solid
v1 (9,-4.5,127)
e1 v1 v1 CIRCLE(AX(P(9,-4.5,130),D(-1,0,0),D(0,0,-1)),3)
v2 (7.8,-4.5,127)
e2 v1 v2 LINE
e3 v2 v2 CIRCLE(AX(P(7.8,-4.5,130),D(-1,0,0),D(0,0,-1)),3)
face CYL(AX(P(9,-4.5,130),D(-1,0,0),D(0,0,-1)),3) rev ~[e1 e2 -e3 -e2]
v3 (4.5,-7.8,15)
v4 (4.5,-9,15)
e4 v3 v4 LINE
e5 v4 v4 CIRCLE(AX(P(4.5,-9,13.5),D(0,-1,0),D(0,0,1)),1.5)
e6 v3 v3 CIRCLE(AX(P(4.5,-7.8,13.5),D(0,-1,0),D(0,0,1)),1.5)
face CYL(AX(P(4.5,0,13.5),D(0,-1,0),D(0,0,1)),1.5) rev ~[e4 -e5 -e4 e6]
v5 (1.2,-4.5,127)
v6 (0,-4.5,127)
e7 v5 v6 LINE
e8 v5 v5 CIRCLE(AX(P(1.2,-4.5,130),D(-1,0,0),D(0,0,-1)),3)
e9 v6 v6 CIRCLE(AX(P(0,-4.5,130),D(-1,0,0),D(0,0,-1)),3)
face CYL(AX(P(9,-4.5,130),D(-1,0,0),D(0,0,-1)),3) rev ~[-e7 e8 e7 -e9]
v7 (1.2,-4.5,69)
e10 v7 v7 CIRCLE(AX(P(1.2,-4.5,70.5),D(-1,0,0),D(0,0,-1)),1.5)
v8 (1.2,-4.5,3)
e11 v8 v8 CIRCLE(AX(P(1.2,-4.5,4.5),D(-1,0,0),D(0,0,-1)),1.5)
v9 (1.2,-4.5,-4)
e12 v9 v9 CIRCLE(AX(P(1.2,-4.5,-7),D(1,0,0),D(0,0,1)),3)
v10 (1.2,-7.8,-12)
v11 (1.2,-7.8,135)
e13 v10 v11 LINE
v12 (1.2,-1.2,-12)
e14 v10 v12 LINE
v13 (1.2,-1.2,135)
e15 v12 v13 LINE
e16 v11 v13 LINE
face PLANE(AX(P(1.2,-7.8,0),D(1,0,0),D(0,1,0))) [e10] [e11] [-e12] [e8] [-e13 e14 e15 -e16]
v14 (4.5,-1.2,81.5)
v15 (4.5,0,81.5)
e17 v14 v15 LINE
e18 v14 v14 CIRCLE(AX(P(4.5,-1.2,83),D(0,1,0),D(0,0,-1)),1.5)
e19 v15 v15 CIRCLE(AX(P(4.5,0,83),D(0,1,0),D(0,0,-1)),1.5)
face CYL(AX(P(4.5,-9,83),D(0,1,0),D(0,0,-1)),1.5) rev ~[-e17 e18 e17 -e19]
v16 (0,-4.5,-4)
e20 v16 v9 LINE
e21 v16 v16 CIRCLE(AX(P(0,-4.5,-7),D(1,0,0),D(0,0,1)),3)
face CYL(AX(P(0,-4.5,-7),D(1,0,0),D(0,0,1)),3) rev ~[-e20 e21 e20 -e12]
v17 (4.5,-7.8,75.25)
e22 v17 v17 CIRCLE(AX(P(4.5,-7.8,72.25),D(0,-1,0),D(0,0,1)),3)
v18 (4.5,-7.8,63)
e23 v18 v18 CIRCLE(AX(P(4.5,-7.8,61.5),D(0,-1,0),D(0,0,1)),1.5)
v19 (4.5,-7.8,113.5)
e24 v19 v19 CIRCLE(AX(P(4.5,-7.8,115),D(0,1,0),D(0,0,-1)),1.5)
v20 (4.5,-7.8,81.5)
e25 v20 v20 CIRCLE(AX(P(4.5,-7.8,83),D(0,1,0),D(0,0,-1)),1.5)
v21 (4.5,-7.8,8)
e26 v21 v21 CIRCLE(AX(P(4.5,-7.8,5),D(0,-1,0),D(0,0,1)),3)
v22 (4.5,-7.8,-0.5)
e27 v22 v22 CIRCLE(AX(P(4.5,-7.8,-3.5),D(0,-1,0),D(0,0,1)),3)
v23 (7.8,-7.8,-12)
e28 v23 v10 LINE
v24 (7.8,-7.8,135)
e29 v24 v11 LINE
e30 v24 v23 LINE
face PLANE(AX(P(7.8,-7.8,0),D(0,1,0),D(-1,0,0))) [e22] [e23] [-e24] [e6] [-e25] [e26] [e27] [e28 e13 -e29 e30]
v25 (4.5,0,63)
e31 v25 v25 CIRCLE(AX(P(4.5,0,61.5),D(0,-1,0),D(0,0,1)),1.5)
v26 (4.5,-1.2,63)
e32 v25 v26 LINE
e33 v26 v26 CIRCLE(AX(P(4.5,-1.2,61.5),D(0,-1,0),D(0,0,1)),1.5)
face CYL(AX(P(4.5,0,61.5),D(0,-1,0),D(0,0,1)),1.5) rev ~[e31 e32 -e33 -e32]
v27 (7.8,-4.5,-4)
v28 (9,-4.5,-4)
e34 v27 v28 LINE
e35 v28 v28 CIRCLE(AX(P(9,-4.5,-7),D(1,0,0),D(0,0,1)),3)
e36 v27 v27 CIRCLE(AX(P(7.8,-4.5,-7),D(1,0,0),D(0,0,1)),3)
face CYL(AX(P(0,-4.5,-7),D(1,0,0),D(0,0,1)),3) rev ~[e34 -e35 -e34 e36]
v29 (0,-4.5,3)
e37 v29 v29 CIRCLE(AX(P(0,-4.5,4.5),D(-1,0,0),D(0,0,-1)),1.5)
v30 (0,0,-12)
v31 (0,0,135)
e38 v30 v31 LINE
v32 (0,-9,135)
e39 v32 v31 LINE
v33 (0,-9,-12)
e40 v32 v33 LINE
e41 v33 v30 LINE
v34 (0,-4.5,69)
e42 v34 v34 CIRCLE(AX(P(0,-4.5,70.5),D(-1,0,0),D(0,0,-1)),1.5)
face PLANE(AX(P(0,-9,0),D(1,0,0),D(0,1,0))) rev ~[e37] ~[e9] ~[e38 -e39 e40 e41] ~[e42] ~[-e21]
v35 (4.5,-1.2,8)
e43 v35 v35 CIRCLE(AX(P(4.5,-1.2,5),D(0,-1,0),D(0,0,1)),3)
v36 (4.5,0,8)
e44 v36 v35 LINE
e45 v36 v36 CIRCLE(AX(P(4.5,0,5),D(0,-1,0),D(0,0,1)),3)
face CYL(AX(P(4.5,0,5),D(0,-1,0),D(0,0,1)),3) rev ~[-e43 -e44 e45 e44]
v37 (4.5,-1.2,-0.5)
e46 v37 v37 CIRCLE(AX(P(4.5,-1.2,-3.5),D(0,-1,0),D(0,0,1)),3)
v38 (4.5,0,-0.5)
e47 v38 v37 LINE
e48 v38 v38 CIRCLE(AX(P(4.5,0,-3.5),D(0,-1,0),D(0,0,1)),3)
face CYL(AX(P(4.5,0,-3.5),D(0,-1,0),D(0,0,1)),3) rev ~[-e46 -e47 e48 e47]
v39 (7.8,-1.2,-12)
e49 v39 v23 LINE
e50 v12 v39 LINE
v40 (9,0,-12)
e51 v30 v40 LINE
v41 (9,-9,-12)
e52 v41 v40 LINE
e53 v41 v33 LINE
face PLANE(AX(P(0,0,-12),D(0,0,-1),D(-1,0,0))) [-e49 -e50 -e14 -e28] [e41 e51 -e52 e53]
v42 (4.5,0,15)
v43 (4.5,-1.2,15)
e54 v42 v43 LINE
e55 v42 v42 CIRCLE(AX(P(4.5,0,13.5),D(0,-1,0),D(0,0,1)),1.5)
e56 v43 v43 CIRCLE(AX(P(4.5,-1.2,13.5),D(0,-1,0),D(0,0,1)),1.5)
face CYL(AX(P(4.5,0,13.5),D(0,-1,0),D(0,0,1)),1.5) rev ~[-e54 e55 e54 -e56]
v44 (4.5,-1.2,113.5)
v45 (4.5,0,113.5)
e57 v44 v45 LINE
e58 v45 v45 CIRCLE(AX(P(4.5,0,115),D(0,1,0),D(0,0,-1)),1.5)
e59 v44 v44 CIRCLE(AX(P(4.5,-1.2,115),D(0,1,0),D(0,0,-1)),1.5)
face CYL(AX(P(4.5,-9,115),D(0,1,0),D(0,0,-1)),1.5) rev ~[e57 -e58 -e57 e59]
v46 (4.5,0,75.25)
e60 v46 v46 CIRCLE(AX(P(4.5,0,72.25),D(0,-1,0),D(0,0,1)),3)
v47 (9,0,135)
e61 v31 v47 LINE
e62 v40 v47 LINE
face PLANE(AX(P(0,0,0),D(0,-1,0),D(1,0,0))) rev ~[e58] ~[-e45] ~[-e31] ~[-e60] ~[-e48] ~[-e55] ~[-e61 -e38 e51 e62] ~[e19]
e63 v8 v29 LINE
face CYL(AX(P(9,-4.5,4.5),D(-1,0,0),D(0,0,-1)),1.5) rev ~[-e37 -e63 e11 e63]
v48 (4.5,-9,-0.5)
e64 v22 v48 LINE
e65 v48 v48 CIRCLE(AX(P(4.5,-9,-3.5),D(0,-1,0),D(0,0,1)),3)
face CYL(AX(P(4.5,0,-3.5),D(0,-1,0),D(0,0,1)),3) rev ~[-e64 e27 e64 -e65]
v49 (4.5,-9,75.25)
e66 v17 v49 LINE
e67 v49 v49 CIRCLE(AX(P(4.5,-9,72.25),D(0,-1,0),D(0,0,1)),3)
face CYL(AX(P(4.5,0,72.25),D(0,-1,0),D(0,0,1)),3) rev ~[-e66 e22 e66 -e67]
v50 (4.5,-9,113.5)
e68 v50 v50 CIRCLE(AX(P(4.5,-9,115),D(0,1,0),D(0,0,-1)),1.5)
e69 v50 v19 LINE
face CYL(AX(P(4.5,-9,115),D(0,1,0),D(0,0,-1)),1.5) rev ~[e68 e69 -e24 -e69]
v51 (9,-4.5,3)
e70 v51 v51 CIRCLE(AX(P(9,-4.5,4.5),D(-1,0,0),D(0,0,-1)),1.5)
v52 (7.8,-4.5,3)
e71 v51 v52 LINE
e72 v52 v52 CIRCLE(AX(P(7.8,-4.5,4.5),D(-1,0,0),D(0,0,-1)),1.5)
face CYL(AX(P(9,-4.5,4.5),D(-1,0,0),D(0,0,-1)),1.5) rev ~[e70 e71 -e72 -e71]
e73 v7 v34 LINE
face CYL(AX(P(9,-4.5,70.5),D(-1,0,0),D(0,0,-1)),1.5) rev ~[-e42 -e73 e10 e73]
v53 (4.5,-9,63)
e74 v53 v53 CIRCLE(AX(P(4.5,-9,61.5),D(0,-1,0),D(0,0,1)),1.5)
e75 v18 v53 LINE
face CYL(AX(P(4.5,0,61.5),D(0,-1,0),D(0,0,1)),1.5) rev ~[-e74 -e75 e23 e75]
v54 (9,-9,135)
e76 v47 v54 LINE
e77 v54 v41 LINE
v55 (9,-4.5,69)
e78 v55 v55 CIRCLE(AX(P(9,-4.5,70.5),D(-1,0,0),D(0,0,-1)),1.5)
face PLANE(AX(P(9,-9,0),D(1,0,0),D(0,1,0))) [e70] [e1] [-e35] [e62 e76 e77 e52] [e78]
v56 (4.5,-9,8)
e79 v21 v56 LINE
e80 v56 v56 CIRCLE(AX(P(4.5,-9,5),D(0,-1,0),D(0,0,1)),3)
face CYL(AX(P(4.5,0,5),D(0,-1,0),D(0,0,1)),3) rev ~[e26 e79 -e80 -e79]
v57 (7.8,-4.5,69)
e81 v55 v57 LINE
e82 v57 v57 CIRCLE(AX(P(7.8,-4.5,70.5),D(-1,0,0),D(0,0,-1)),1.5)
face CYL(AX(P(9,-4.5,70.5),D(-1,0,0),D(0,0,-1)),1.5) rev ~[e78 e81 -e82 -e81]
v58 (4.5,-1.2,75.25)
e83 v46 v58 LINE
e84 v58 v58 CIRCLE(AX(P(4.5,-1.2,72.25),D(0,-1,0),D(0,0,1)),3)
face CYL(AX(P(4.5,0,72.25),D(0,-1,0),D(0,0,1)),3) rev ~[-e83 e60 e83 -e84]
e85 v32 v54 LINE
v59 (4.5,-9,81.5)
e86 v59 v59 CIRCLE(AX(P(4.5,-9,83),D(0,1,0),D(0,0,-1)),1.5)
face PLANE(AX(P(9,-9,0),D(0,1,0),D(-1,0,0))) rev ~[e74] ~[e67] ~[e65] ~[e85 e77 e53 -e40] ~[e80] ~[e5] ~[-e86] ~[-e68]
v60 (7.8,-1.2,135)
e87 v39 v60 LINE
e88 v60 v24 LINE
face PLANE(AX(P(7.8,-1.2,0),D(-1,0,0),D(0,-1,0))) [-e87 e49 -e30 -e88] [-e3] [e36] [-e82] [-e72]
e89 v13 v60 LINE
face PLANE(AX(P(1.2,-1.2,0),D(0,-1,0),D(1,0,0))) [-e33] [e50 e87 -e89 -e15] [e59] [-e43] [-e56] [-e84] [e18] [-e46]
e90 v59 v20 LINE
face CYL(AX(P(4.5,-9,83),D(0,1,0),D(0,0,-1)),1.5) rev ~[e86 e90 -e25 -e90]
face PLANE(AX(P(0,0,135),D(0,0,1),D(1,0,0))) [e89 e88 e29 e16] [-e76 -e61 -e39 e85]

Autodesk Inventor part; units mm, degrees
ref_plane "YZ Plane" through (0, 0, 0) normal (1, 0, 0) x (0, 1, 0)
ref_plane "XZ Plane" through (0, 0, 0) normal (0, 1, 0) x (-1, 0, 0)
ref_plane "XY Plane" through (0, 0, 0) normal (0, 0, 1) x (1, 0, 0)
sketch "スケッチ1" plane through (0, 0, 0) normal (0, 0, 1) x (1, 0, 0)
  line L0 (0, 0) -> (9, 0)
  line L1 (9, 0) -> (9, -9)
  line L2 (9, -9) -> (0, -9)
  line L3 (0, -9) -> (0, 0)
  line L4 (1.2, -1.2) -> (7.8, -1.2)
  line L5 (7.8, -1.2) -> (7.8, -7.8)
  line L6 (7.8, -7.8) -> (1.2, -7.8)
  line L7 (1.2, -7.8) -> (1.2, -1.2)
  dimension "d0" = 9
  dimension "d1" = 9
  dimension "d2" = 6.6
  dimension "d3" = 6.6
  dimension "d4" = 1.2
  dimension "d5" = 1.2
extrude "押し出し1" add sketch "スケッチ1" along normal blind 75
sketch "スケッチ2" plane through (9, -9, 0) normal (1, 0, 0) x (0, 0, -1)
  line L0 (0, 9) -> (-75, 9) projected
  line L1 (0, 0) -> (0, 9) projected
  line L2 (-75, 0) -> (-75, 9) projected
  point P0 (-70.5, 4.5)
  point P1 (-4.5, 4.5)
  dimension "d8" = 4.5
  dimension "d9" = 4.5
  dimension "d10" = 4.5
  dimension "d11" = 4.5
hole "穴1" at (9, -4.5, 70.5) at (9, -4.5, 4.5) direction (-1, 0, 0) diameter 3 end through all
sketch "スケッチ3" plane through (0, 0, 0) normal (0, 1, 0) x (1, 0, 0)
  line L0 (0, 0) -> (0, -75) projected
  line L1 (9, 0) -> (0, 0) projected
  line L2 (9, -75) -> (0, -75) projected
  point P0 (4.5, -61.5)
  point P1 (4.5, -13.5)
  dimension "d19" = 4.5
  dimension "d20" = 4.5
  dimension "d21" = 13.5
  dimension "d22" = 13.5
hole "穴2" at (4.5, 0, 61.5) at (4.5, 0, 13.5) direction (0, -1, 0) diameter 3 end through all
sketch "スケッチ6" plane through (0, 0, 75) normal (0, 0, 1) x (1, 0, 0)
  line L0 (0, -9) -> (9, -9) projected
  line L1 (0, 0) -> (9, 0)
  line L2 (9, 0) -> (9, -9)
  line L3 (9, -9) -> (0, -9)
  line L4 (0, -9) -> (0, 0)
  line L5 (1.2, -1.2) -> (7.8, -1.2) projected
  line L6 (7.8, -1.2) -> (7.8, -7.8) projected
  line L7 (1.2, -1.2) -> (7.8, -1.2)
  line L8 (7.8, -1.2) -> (7.8, -7.8)
  line L9 (7.8, -7.8) -> (1.2, -7.8)
  line L10 (1.2, -7.8) -> (1.2, -1.2)
extrude "押し出し3" add sketch "スケッチ6" along normal blind 60
sketch "スケッチ7" plane through (9, -9, 0) normal (1, 0, 0) x (0, 0, -1)
  line L0 (-135, 0) -> (-135, 9) projected
  line L1 (0, 9) -> (-135, 9) projected
  point P0 (-130, 4.5)
  dimension "d43" = 5
  dimension "d44" = 4.5
hole "穴4" at (9, -4.5, 130) direction (-1, 0, 0) diameter 6 end through all
sketch "スケッチ8" plane through (0, 0, 0) normal (0, 0, -1) x (-1, 0, 0)
  line L0 (-9, -9) -> (-9, 0) projected
  line L1 (0, 0) -> (-9, 0)
  line L2 (-9, 0) -> (-9, -9)
  line L3 (-9, -9) -> (0, -9)
  line L4 (0, -9) -> (0, 0)
  line L5 (-7.8, -7.8) -> (-1.2, -7.8) projected
  line L6 (-7.8, -7.8) -> (-1.2, -7.8)
  line L7 (-1.2, -7.8) -> (-1.2, -1.2)
  line L8 (-1.2, -1.2) -> (-7.8, -1.2)
  line L9 (-7.8, -1.2) -> (-7.8, -7.8)
extrude "押し出し4" add sketch "スケッチ8" along normal blind 12
sketch "スケッチ9" plane through (0, -9, 135) normal (-1, 0, 0) x (0, 0, 1)
  line L0 (-147, 0) -> (-147, 9) projected
  line L1 (0, 0) -> (-147, 0) projected
  point P0 (-135, 9)
  point P1 (-142, 4.5)
  dimension "d54" = 5
  dimension "d55" = 4.5
hole "穴5" at (0, -4.5, -7) direction (1, 0, 0) diameter 6 end through all
sketch "スケッチ10" plane through (0, -9, 135) normal (0, -1, 0) x (1, 0, 0)
  line L0 (0, 0) -> (9, 0) projected
  line L1 (0, 0) -> (0, -147) projected
  point P0 (0, -135)
  point P1 (4.5, -52)
  point P2 (4.5, -20)
  dimension "d63" = 20
  dimension "d64" = 32
  dimension "d65" = 4.5
  dimension "d66" = 4.5
hole "穴6" at (4.5, -9, 83) at (4.5, -9, 115) direction (0, 1, 0) diameter 3 end through all
sketch "スケッチ11" plane through (0, -9, 135) normal (-1, 0, 0) x (0, 0, 1)
  point P0 (-135, 9)
sketch "スケッチ12" plane through (0, 0, 135) normal (0, 1, 0) x (1, 0, 0)
  line L0 (0, 147) -> (0, 0) projected
  line L1 (0, 147) -> (9, 147) projected
  circle A0 centre (4.5, 121.5) radius 1.5 projected
  point P0 (0, 135)
  point P1 (4.5, 138.5)
  point P2 (4.5, 130)
  dimension "d74" = 4.5
  dimension "d75" = 25.5
  dimension "d76" = 8.5
  dimension "d77" = 8.5
  dimension "d78" = 4.5
hole "穴7" at (4.5, 0, 5) at (4.5, 0, -3.5) direction (0, -1, 0) diameter 6 end through all
sketch "スケッチ13" plane through (0, 0, 135) normal (0, 1, 0) x (1, 0, 0)
  circle A0 centre (4.5, 52) radius 1.5 projected
  circle A1 centre (4.5, 73.5) radius 1.5 projected
  line L0 (0, 147) -> (0, 0) projected
  point P0 (0, 135)
  point P1 (4.5, 62.75)
  dimension "d86" = 21.5
  dimension "d87" = 10.75
  dimension "d88" = 4.5
hole "穴8" at (4.5, 0, 72.25) direction (0, -1, 0) diameter 6 end through all
equation "\"d10\" = d9"
equation "\"d22\" = d21"
equation "\"d76\" = 0.333333 * d75"
equation "\"d77\" = d76"
equation "\"d87\" = 0.5 * d86"
properties part number "上下直動9x9_3" material "アルミニウム 6061"
